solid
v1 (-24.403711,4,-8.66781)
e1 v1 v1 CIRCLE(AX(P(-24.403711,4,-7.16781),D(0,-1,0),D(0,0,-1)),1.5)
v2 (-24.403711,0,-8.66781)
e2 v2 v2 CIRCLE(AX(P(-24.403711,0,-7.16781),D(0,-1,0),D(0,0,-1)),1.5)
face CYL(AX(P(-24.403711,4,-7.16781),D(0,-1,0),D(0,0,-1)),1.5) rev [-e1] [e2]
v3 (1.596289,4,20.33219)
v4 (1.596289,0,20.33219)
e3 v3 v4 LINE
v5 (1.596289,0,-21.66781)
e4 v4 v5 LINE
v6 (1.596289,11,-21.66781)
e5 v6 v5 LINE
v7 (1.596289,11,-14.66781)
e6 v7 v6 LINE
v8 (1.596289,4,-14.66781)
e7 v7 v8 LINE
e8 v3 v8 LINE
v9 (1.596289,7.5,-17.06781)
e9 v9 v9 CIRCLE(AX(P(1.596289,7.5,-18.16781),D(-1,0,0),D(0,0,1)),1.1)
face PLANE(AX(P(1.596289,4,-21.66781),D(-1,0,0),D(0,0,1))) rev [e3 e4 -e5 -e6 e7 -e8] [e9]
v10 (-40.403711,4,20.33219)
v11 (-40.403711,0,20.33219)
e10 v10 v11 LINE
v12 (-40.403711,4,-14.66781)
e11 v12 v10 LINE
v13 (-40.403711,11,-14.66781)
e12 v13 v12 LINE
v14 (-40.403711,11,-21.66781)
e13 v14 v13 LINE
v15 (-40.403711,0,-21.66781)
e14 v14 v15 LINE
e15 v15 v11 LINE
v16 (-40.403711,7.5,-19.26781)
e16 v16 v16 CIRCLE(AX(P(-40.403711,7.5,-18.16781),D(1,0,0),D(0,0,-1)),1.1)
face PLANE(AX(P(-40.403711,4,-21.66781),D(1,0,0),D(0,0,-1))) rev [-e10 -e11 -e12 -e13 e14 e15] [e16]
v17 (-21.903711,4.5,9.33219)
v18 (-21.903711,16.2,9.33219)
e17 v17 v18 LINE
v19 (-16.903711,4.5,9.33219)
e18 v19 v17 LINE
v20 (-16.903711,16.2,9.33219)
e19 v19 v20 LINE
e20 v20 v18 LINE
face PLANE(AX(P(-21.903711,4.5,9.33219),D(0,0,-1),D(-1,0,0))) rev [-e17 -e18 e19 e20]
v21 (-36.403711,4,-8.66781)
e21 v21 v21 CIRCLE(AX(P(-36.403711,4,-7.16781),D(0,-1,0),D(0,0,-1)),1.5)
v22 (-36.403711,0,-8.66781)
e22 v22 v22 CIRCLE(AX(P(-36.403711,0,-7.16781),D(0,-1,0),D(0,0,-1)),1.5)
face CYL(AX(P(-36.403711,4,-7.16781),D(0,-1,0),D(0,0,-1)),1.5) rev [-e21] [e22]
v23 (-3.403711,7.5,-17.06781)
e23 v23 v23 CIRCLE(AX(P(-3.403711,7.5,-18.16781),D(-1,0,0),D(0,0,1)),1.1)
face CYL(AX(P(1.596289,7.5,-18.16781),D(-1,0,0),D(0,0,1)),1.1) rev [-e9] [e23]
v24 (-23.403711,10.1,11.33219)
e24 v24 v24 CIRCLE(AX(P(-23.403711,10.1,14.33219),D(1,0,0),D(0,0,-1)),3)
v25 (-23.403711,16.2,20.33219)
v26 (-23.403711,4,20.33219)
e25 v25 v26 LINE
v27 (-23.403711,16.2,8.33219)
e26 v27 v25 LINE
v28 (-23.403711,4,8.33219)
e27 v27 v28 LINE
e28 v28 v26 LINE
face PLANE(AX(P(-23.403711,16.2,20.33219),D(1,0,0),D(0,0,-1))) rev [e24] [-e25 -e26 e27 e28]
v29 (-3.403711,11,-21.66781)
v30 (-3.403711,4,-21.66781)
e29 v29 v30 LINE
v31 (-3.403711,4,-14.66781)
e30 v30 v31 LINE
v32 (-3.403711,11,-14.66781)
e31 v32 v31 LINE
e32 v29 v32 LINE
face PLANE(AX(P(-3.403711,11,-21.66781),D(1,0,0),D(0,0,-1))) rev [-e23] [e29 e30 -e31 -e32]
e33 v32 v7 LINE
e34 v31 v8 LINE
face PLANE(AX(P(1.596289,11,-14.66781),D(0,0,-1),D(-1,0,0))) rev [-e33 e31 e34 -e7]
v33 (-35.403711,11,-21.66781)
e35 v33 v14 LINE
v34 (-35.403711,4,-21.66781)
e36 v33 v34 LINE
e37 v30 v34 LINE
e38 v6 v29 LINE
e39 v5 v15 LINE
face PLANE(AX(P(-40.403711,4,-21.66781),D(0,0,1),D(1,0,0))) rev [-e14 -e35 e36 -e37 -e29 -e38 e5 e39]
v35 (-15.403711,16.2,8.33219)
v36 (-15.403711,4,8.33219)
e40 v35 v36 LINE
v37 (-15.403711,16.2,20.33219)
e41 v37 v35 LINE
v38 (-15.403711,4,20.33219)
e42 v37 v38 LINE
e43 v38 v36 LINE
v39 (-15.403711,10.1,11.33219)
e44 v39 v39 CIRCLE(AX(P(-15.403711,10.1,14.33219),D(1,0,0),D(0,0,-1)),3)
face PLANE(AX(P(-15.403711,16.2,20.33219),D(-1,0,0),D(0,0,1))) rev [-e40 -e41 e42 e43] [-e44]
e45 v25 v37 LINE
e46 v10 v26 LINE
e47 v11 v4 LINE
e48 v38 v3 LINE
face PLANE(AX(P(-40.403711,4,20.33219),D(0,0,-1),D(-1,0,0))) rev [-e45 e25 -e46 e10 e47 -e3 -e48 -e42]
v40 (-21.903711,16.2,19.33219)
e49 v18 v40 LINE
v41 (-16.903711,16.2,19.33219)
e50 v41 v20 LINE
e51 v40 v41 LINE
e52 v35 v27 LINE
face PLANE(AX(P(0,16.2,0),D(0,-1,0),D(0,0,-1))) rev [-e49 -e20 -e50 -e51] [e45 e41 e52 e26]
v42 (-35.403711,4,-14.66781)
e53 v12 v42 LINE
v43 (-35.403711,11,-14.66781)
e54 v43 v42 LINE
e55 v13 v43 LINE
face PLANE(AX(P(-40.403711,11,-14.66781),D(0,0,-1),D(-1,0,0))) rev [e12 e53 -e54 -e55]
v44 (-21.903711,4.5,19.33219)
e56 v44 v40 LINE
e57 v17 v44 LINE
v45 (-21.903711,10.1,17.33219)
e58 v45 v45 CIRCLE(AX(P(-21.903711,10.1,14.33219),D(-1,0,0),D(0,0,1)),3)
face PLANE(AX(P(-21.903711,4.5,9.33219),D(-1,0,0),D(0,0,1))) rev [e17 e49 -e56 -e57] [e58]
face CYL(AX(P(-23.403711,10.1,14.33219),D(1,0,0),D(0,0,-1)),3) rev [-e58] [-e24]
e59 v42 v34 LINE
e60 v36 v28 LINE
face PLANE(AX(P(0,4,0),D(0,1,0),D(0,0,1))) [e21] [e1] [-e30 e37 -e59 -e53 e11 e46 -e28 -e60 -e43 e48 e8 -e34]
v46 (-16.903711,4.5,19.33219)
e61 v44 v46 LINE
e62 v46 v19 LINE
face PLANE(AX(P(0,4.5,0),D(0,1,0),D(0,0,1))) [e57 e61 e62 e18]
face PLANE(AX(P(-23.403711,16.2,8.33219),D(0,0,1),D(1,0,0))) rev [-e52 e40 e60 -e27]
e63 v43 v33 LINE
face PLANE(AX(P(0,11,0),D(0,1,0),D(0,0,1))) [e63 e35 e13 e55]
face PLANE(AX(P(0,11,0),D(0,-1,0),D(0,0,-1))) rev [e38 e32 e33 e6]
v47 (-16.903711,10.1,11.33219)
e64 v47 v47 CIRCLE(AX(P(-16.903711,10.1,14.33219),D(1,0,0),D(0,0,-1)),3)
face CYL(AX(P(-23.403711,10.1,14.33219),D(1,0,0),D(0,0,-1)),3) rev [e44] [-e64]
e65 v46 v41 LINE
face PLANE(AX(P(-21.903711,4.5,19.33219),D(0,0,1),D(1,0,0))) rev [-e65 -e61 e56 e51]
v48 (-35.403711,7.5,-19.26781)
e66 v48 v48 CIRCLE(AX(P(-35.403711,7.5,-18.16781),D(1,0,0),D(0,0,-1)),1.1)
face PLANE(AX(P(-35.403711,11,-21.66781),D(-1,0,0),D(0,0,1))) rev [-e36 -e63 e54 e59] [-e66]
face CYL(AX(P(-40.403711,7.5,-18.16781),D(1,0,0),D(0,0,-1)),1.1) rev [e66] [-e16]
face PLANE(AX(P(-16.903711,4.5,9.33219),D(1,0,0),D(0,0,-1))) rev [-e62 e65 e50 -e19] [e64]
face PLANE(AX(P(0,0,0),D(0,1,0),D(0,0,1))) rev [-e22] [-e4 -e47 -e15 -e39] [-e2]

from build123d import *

# Parameters (mm, degrees)
SKETCH2_W           = 42
SKETCH2_H           = 42
BOSS_EXTRUDE1_DEPTH = 4
SKETCH4_W           = 5
SKETCH4_H           = 7
BOSS_EXTRUDE2_DEPTH = 7
SKETCH5_R           = 1.1
CUT_EXTRUDE2_DEPTH  = 5
SKETCH6_R           = 1.1
CUT_EXTRUDE3_DEPTH  = 5
SKETCH8_R           = 1.5
CUT_EXTRUDE5_DEPTH  = 4
SKETCH9_W           = 8
SKETCH9_H           = 12
BOSS_EXTRUDE3_DEPTH = 12.2
SKETCH10_W          = 5
SKETCH10_H          = 10
CUT_EXTRUDE6_DEPTH  = 11.7
SKETCH12_R          = 3
CUT_EXTRUDE7_DEPTH  = 8


with BuildPart() as part:
    # Sketch2 → Boss-Extrude1 (new body)
    with BuildSketch(Plane(origin=(0, 0, 0), x_dir=(1, 0, 0), z_dir=(0, 1, 0))):
        with Locations((-19.403711124, 0.667809886)):
            Rectangle(SKETCH2_W, SKETCH2_H)
    extrude(amount=BOSS_EXTRUDE1_DEPTH)

    # Sketch4 → Boss-Extrude2 (add)
    with BuildSketch(Plane(origin=(0, 4, 0), x_dir=(1, 0, 0), z_dir=(0, 1, 0))):
        with Locations((-37.903711124, 18.167809886)):
            Rectangle(SKETCH4_W, SKETCH4_H)
        with Locations((-0.903711124, 18.167809886)):
            Rectangle(SKETCH4_W, SKETCH4_H)
    extrude(amount=BOSS_EXTRUDE2_DEPTH)

    # Sketch5 → Cut-Extrude2 (cut)
    with BuildSketch(Plane(origin=(-35.403711124, 0, 0), x_dir=(0, 0, -1), z_dir=(1, 0, 0))):
        with Locations((18.167809886, 7.5)):
            Circle(SKETCH5_R)
    extrude(amount=-CUT_EXTRUDE2_DEPTH, mode=Mode.SUBTRACT)

    # Sketch6 → Cut-Extrude3 (cut)
    with BuildSketch(Plane.ZY.offset(3.403711124)):
        with Locations((-18.167809886, 7.5)):
            Circle(SKETCH6_R)
    extrude(amount=-CUT_EXTRUDE3_DEPTH, mode=Mode.SUBTRACT)

    # Sketch8 → Cut-Extrude5 (cut)
    with BuildSketch(Plane.XZ):
        with Locations((-36.403711124, -7.167809886)):
            Circle(SKETCH8_R)
        with Locations((-24.403711124, -7.167809886)):
            Circle(SKETCH8_R)
    extrude(amount=-CUT_EXTRUDE5_DEPTH, mode=Mode.SUBTRACT)

    # Sketch9 → Boss-Extrude3 (add)
    with BuildSketch(Plane(origin=(0, 4, 0), x_dir=(1, 0, 0), z_dir=(0, 1, 0))):
        with Locations((-19.403711124, -14.332190114)):
            Rectangle(SKETCH9_W, SKETCH9_H)
    extrude(amount=BOSS_EXTRUDE3_DEPTH)

    # Sketch10 → Cut-Extrude6 (cut)
    with BuildSketch(Plane(origin=(0, 16.2, 0), x_dir=(1, 0, 0), z_dir=(0, 1, 0))):
        with Locations((-19.403711124, -14.332190114)):
            Rectangle(SKETCH10_W, SKETCH10_H)
    extrude(amount=-CUT_EXTRUDE6_DEPTH, mode=Mode.SUBTRACT)

    # Sketch12 → Cut-Extrude7 (cut)
    with BuildSketch(Plane(origin=(-15.403711124, 0, 0), x_dir=(0, 0, -1), z_dir=(1, 0, 0))):
        with Locations((-14.332190114, 10.1)):
            Circle(SKETCH12_R)
    extrude(amount=-CUT_EXTRUDE7_DEPTH, mode=Mode.SUBTRACT)


solid = part.part
